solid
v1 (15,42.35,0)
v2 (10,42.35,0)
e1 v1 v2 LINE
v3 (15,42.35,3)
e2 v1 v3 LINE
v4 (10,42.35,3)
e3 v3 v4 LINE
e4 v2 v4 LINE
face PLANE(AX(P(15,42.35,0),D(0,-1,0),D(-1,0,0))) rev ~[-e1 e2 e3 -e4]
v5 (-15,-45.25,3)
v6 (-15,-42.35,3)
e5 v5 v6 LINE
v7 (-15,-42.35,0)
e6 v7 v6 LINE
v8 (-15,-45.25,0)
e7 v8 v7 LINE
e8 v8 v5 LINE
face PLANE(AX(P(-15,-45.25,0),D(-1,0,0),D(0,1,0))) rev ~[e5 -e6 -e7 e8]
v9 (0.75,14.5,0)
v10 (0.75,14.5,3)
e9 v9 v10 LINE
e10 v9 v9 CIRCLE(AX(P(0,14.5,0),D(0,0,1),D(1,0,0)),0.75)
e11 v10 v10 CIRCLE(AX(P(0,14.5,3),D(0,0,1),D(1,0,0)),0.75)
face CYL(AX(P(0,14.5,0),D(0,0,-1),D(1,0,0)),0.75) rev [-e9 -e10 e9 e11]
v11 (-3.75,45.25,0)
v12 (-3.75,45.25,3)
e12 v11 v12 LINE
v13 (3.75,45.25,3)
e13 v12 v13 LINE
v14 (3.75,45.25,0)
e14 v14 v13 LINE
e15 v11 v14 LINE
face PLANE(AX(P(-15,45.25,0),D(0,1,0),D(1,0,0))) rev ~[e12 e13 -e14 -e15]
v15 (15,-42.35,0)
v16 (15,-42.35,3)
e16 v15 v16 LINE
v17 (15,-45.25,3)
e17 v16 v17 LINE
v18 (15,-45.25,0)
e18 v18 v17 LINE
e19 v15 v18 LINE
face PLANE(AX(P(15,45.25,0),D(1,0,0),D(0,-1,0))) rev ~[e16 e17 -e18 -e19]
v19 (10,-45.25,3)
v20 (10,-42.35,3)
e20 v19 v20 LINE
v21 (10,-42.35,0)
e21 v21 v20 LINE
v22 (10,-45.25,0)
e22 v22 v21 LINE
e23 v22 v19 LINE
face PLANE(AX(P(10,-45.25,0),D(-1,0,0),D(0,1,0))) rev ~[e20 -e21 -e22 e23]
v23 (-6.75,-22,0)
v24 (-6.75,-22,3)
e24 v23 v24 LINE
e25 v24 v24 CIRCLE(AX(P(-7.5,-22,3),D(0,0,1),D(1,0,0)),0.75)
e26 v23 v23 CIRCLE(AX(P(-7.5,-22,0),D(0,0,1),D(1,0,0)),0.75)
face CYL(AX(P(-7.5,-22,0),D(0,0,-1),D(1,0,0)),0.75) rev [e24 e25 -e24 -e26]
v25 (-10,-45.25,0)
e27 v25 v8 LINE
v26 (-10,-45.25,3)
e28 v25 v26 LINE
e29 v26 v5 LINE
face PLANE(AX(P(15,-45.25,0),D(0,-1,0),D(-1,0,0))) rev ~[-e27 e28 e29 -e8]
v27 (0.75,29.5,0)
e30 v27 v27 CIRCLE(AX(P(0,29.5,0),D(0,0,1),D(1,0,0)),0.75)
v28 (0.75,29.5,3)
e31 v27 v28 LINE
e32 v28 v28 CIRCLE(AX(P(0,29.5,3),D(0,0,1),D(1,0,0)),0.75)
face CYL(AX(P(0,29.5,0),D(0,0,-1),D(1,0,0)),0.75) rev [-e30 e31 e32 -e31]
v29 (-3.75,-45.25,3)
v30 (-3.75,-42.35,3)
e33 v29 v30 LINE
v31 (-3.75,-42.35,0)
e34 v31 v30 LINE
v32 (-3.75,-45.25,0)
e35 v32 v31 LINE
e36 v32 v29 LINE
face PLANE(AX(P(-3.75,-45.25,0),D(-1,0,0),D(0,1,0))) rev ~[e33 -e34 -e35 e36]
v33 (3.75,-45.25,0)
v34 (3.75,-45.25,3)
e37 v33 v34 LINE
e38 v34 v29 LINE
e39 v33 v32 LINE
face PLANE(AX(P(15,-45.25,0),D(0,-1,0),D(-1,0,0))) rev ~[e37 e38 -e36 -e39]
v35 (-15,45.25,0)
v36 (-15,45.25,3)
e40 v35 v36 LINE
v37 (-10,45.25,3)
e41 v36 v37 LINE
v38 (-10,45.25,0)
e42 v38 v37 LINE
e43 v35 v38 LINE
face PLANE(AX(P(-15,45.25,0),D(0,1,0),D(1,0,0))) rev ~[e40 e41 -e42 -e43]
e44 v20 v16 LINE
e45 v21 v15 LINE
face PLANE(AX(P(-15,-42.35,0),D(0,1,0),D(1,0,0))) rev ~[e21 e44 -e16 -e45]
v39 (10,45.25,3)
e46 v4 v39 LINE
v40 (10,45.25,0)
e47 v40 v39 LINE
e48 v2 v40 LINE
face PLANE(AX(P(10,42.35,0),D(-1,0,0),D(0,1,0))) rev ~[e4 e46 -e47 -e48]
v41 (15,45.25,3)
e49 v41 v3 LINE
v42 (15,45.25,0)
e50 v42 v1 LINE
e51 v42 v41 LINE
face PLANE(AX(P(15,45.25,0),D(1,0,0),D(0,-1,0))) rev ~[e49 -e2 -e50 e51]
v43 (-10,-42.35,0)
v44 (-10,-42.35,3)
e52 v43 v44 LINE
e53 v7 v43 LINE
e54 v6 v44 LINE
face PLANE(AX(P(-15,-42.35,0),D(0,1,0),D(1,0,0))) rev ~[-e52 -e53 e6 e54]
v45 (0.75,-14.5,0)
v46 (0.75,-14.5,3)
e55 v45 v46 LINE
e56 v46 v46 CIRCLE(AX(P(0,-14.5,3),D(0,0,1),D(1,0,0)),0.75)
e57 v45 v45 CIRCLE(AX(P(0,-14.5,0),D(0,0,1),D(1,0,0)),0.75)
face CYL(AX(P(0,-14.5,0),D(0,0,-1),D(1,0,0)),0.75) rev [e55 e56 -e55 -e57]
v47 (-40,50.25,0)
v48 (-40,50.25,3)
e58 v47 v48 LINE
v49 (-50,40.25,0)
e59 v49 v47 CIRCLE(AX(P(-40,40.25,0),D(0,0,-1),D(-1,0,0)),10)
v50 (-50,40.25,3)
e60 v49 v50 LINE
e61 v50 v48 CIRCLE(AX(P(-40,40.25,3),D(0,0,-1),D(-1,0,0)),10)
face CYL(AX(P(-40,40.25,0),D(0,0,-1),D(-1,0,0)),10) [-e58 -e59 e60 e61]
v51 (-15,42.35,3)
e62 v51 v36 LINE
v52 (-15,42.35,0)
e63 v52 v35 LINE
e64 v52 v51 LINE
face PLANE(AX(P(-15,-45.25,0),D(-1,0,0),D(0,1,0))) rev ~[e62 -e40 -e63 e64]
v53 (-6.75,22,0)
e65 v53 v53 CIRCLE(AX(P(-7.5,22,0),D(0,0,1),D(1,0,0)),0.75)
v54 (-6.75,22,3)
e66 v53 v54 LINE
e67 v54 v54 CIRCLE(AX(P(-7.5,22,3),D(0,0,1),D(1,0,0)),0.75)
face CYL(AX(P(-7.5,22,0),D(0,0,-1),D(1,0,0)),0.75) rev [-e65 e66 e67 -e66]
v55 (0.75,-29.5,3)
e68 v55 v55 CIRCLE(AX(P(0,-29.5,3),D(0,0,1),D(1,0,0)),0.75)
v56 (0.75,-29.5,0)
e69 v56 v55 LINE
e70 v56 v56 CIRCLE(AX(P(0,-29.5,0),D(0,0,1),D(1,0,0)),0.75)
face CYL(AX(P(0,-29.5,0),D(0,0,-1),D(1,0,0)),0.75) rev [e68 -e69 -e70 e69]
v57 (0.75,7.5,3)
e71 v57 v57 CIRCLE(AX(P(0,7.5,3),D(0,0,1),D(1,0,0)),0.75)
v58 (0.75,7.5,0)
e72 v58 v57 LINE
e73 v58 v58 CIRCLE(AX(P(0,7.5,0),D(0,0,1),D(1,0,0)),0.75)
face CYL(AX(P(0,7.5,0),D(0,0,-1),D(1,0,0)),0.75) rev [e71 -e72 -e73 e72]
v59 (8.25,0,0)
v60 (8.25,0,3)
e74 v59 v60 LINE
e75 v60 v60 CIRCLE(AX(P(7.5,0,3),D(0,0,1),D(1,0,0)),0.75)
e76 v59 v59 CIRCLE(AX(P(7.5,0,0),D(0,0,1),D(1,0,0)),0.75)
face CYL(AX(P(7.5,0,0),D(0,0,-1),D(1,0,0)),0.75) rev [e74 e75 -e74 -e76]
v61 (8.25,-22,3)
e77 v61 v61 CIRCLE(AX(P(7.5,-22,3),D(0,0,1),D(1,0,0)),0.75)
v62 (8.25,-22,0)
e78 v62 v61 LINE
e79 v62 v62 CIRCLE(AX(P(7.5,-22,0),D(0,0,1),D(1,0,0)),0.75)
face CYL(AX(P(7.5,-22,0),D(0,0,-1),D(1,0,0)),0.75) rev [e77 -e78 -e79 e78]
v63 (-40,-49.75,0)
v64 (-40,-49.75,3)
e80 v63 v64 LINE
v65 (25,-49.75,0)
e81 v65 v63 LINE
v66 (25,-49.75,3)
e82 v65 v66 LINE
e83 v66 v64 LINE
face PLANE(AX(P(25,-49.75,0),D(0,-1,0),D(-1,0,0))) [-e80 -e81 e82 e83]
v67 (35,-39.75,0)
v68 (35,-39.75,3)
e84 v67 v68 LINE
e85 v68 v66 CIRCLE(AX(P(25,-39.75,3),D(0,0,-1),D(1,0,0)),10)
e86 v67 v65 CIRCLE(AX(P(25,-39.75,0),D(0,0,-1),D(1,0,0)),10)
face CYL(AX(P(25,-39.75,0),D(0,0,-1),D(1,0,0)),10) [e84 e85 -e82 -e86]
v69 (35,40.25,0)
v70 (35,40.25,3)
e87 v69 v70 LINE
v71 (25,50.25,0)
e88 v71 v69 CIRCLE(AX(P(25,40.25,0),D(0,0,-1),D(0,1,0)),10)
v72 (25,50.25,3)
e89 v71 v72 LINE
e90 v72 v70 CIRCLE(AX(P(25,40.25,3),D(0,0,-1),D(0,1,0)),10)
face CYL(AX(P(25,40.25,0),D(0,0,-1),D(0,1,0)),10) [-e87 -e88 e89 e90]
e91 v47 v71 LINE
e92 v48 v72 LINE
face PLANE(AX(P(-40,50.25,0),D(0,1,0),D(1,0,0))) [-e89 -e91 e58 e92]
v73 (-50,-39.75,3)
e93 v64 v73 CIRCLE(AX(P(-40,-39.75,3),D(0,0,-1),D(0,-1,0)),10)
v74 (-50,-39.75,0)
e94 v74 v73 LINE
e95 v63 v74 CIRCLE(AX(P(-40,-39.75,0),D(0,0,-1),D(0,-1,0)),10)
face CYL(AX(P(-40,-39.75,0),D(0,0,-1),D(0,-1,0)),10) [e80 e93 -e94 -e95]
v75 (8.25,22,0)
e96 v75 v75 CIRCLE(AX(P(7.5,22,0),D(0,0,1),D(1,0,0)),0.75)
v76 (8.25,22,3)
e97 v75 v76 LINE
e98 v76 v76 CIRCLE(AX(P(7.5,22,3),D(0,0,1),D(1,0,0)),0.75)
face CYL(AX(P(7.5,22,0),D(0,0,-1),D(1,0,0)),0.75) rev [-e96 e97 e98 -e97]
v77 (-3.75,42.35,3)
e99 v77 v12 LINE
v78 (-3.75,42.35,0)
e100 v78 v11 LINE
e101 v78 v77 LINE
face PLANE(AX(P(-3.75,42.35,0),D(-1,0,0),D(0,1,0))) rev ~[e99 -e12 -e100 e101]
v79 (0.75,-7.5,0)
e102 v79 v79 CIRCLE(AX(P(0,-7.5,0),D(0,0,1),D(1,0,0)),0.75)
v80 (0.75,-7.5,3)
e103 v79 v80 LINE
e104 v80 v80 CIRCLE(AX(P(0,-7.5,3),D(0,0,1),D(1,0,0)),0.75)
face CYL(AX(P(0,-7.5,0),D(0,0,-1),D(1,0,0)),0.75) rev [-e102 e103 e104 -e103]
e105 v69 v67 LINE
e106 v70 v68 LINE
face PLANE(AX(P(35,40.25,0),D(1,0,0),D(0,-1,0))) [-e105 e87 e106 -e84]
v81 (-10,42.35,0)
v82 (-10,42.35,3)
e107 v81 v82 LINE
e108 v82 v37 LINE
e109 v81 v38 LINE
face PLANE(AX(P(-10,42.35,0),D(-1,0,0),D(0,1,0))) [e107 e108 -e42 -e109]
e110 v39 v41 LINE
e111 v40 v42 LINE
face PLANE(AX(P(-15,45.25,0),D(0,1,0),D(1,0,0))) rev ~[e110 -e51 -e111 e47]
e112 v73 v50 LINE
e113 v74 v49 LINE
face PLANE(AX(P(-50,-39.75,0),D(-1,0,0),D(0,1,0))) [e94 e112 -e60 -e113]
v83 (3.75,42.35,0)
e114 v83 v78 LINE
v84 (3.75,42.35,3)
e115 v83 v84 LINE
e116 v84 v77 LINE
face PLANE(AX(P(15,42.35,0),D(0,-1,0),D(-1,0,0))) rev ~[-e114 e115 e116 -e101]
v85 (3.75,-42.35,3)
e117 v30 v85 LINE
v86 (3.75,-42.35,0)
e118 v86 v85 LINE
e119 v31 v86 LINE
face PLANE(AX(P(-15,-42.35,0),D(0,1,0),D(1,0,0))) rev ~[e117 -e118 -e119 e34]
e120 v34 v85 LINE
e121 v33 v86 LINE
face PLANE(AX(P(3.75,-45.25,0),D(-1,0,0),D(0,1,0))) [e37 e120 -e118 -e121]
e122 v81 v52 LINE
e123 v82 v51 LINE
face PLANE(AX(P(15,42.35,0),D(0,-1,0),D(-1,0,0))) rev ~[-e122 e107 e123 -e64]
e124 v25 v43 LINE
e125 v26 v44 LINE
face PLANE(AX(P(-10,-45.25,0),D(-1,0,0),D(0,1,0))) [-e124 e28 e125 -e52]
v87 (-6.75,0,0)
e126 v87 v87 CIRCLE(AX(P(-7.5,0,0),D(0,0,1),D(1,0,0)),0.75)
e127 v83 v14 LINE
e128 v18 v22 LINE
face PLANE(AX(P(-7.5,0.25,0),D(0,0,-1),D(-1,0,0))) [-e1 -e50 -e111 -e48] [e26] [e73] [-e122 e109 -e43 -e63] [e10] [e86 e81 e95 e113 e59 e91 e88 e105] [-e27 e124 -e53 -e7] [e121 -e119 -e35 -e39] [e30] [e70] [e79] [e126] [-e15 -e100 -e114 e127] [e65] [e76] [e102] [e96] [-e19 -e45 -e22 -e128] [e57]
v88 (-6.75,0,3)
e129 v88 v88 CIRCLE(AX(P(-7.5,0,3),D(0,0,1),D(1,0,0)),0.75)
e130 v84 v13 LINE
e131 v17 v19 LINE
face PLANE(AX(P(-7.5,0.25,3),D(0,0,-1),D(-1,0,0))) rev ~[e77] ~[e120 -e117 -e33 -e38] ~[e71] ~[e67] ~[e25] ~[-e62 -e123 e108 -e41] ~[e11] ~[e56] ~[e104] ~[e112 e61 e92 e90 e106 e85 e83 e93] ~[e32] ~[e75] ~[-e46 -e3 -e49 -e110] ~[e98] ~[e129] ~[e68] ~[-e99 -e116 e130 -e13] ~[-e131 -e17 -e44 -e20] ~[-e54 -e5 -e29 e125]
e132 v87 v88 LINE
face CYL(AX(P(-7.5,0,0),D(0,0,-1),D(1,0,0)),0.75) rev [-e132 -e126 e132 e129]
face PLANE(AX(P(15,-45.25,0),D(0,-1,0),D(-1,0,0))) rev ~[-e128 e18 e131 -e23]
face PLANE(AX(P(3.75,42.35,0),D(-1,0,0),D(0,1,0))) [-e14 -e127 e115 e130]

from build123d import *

# Parameters (mm, degrees)
SKETCH1_R           = 0.75
SKETCH1_W           = 6.25
SKETCH1_H           = 2.9
BOSS_EXTRUDE1_DEPTH = 3


with BuildPart() as part:
    # Sketch1 → Boss-Extrude1 (new body)
    # profile 1 of 6: a face of its own
    with BuildSketch(Plane.XY):
        with BuildLine():
            ThreePointArc((-50, 40.25), (-47.071067812, 47.321067812), (-40, 50.25))
            Line((-40, 50.25), (25, 50.25))
            ThreePointArc((25, 50.25), (32.071067812, 47.321067812), (35, 40.25))
            Line((35, 40.25), (35, -39.75))
            ThreePointArc((35, -39.75), (32.071067812, -46.821067812), (25, -49.75))
            Line((25, -49.75), (-40, -49.75))
            ThreePointArc((-40, -49.75), (-47.071067812, -46.821067812), (-50, -39.75))
            Line((-50, -39.75), (-50, 40.25))
        make_face()
        Polygon((-3.75, -45.25), (3.75, -45.25), (10, -45.25), (15, -45.25), (15, -42.35), (15, 42.35), (15, 45.25), (10, 45.25), (3.75, 45.25), (-3.75, 45.25), (-10, 45.25), (-15, 45.25), (-15, 42.35), (-15, -42.35), (-15, -45.25), (-10, -45.25), align=None, mode=Mode.SUBTRACT)
    # profile 2 of 6: a face of its own
    with BuildSketch(Plane.XY):
        Polygon((-3.75, -42.35), (3.75, -42.35), (10, -42.35), (15, -42.35), (15, 42.35), (10, 42.35), (3.75, 42.35), (-3.75, 42.35), (-10, 42.35), (-15, 42.35), (-15, -42.35), (-10, -42.35), align=None)
        with Locations((7.5, -22)):
            Circle(SKETCH1_R, mode=Mode.SUBTRACT)
        with Locations((0, -29.5)):
            Circle(SKETCH1_R, mode=Mode.SUBTRACT)
        with Locations((-7.5, -22)):
            Circle(SKETCH1_R, mode=Mode.SUBTRACT)
        with Locations((0, -14.5)):
            Circle(SKETCH1_R, mode=Mode.SUBTRACT)
        with Locations((7.5, 0)):
            Circle(SKETCH1_R, mode=Mode.SUBTRACT)
        with Locations((0, -7.5)):
            Circle(SKETCH1_R, mode=Mode.SUBTRACT)
        with Locations((-7.5, 0)):
            Circle(SKETCH1_R, mode=Mode.SUBTRACT)
        with Locations((0, 7.5)):
            Circle(SKETCH1_R, mode=Mode.SUBTRACT)
        with Locations((-7.5, 22)):
            Circle(SKETCH1_R, mode=Mode.SUBTRACT)
        with Locations((0, 14.5)):
            Circle(SKETCH1_R, mode=Mode.SUBTRACT)
        with Locations((7.5, 22)):
            Circle(SKETCH1_R, mode=Mode.SUBTRACT)
        with Locations((0, 29.5)):
            Circle(SKETCH1_R, mode=Mode.SUBTRACT)
    # profile 3 of 6: a face of its own
    with BuildSketch(Plane.XY):
        with Locations((-6.875, 43.8)):
            Rectangle(SKETCH1_W, SKETCH1_H)
    # profile 4 of 6: a face of its own
    with BuildSketch(Plane.XY):
        with Locations((6.875, 43.8)):
            Rectangle(SKETCH1_W, SKETCH1_H)
    # profile 5 of 6: a face of its own
    with BuildSketch(Plane.XY):
        with Locations((-6.875, -43.8)):
            Rectangle(SKETCH1_W, SKETCH1_H)
    # profile 6 of 6: a face of its own
    with BuildSketch(Plane.XY):
        with Locations((6.875, -43.8)):
            Rectangle(SKETCH1_W, SKETCH1_H)
    extrude(amount=BOSS_EXTRUDE1_DEPTH)


solid = part.part
